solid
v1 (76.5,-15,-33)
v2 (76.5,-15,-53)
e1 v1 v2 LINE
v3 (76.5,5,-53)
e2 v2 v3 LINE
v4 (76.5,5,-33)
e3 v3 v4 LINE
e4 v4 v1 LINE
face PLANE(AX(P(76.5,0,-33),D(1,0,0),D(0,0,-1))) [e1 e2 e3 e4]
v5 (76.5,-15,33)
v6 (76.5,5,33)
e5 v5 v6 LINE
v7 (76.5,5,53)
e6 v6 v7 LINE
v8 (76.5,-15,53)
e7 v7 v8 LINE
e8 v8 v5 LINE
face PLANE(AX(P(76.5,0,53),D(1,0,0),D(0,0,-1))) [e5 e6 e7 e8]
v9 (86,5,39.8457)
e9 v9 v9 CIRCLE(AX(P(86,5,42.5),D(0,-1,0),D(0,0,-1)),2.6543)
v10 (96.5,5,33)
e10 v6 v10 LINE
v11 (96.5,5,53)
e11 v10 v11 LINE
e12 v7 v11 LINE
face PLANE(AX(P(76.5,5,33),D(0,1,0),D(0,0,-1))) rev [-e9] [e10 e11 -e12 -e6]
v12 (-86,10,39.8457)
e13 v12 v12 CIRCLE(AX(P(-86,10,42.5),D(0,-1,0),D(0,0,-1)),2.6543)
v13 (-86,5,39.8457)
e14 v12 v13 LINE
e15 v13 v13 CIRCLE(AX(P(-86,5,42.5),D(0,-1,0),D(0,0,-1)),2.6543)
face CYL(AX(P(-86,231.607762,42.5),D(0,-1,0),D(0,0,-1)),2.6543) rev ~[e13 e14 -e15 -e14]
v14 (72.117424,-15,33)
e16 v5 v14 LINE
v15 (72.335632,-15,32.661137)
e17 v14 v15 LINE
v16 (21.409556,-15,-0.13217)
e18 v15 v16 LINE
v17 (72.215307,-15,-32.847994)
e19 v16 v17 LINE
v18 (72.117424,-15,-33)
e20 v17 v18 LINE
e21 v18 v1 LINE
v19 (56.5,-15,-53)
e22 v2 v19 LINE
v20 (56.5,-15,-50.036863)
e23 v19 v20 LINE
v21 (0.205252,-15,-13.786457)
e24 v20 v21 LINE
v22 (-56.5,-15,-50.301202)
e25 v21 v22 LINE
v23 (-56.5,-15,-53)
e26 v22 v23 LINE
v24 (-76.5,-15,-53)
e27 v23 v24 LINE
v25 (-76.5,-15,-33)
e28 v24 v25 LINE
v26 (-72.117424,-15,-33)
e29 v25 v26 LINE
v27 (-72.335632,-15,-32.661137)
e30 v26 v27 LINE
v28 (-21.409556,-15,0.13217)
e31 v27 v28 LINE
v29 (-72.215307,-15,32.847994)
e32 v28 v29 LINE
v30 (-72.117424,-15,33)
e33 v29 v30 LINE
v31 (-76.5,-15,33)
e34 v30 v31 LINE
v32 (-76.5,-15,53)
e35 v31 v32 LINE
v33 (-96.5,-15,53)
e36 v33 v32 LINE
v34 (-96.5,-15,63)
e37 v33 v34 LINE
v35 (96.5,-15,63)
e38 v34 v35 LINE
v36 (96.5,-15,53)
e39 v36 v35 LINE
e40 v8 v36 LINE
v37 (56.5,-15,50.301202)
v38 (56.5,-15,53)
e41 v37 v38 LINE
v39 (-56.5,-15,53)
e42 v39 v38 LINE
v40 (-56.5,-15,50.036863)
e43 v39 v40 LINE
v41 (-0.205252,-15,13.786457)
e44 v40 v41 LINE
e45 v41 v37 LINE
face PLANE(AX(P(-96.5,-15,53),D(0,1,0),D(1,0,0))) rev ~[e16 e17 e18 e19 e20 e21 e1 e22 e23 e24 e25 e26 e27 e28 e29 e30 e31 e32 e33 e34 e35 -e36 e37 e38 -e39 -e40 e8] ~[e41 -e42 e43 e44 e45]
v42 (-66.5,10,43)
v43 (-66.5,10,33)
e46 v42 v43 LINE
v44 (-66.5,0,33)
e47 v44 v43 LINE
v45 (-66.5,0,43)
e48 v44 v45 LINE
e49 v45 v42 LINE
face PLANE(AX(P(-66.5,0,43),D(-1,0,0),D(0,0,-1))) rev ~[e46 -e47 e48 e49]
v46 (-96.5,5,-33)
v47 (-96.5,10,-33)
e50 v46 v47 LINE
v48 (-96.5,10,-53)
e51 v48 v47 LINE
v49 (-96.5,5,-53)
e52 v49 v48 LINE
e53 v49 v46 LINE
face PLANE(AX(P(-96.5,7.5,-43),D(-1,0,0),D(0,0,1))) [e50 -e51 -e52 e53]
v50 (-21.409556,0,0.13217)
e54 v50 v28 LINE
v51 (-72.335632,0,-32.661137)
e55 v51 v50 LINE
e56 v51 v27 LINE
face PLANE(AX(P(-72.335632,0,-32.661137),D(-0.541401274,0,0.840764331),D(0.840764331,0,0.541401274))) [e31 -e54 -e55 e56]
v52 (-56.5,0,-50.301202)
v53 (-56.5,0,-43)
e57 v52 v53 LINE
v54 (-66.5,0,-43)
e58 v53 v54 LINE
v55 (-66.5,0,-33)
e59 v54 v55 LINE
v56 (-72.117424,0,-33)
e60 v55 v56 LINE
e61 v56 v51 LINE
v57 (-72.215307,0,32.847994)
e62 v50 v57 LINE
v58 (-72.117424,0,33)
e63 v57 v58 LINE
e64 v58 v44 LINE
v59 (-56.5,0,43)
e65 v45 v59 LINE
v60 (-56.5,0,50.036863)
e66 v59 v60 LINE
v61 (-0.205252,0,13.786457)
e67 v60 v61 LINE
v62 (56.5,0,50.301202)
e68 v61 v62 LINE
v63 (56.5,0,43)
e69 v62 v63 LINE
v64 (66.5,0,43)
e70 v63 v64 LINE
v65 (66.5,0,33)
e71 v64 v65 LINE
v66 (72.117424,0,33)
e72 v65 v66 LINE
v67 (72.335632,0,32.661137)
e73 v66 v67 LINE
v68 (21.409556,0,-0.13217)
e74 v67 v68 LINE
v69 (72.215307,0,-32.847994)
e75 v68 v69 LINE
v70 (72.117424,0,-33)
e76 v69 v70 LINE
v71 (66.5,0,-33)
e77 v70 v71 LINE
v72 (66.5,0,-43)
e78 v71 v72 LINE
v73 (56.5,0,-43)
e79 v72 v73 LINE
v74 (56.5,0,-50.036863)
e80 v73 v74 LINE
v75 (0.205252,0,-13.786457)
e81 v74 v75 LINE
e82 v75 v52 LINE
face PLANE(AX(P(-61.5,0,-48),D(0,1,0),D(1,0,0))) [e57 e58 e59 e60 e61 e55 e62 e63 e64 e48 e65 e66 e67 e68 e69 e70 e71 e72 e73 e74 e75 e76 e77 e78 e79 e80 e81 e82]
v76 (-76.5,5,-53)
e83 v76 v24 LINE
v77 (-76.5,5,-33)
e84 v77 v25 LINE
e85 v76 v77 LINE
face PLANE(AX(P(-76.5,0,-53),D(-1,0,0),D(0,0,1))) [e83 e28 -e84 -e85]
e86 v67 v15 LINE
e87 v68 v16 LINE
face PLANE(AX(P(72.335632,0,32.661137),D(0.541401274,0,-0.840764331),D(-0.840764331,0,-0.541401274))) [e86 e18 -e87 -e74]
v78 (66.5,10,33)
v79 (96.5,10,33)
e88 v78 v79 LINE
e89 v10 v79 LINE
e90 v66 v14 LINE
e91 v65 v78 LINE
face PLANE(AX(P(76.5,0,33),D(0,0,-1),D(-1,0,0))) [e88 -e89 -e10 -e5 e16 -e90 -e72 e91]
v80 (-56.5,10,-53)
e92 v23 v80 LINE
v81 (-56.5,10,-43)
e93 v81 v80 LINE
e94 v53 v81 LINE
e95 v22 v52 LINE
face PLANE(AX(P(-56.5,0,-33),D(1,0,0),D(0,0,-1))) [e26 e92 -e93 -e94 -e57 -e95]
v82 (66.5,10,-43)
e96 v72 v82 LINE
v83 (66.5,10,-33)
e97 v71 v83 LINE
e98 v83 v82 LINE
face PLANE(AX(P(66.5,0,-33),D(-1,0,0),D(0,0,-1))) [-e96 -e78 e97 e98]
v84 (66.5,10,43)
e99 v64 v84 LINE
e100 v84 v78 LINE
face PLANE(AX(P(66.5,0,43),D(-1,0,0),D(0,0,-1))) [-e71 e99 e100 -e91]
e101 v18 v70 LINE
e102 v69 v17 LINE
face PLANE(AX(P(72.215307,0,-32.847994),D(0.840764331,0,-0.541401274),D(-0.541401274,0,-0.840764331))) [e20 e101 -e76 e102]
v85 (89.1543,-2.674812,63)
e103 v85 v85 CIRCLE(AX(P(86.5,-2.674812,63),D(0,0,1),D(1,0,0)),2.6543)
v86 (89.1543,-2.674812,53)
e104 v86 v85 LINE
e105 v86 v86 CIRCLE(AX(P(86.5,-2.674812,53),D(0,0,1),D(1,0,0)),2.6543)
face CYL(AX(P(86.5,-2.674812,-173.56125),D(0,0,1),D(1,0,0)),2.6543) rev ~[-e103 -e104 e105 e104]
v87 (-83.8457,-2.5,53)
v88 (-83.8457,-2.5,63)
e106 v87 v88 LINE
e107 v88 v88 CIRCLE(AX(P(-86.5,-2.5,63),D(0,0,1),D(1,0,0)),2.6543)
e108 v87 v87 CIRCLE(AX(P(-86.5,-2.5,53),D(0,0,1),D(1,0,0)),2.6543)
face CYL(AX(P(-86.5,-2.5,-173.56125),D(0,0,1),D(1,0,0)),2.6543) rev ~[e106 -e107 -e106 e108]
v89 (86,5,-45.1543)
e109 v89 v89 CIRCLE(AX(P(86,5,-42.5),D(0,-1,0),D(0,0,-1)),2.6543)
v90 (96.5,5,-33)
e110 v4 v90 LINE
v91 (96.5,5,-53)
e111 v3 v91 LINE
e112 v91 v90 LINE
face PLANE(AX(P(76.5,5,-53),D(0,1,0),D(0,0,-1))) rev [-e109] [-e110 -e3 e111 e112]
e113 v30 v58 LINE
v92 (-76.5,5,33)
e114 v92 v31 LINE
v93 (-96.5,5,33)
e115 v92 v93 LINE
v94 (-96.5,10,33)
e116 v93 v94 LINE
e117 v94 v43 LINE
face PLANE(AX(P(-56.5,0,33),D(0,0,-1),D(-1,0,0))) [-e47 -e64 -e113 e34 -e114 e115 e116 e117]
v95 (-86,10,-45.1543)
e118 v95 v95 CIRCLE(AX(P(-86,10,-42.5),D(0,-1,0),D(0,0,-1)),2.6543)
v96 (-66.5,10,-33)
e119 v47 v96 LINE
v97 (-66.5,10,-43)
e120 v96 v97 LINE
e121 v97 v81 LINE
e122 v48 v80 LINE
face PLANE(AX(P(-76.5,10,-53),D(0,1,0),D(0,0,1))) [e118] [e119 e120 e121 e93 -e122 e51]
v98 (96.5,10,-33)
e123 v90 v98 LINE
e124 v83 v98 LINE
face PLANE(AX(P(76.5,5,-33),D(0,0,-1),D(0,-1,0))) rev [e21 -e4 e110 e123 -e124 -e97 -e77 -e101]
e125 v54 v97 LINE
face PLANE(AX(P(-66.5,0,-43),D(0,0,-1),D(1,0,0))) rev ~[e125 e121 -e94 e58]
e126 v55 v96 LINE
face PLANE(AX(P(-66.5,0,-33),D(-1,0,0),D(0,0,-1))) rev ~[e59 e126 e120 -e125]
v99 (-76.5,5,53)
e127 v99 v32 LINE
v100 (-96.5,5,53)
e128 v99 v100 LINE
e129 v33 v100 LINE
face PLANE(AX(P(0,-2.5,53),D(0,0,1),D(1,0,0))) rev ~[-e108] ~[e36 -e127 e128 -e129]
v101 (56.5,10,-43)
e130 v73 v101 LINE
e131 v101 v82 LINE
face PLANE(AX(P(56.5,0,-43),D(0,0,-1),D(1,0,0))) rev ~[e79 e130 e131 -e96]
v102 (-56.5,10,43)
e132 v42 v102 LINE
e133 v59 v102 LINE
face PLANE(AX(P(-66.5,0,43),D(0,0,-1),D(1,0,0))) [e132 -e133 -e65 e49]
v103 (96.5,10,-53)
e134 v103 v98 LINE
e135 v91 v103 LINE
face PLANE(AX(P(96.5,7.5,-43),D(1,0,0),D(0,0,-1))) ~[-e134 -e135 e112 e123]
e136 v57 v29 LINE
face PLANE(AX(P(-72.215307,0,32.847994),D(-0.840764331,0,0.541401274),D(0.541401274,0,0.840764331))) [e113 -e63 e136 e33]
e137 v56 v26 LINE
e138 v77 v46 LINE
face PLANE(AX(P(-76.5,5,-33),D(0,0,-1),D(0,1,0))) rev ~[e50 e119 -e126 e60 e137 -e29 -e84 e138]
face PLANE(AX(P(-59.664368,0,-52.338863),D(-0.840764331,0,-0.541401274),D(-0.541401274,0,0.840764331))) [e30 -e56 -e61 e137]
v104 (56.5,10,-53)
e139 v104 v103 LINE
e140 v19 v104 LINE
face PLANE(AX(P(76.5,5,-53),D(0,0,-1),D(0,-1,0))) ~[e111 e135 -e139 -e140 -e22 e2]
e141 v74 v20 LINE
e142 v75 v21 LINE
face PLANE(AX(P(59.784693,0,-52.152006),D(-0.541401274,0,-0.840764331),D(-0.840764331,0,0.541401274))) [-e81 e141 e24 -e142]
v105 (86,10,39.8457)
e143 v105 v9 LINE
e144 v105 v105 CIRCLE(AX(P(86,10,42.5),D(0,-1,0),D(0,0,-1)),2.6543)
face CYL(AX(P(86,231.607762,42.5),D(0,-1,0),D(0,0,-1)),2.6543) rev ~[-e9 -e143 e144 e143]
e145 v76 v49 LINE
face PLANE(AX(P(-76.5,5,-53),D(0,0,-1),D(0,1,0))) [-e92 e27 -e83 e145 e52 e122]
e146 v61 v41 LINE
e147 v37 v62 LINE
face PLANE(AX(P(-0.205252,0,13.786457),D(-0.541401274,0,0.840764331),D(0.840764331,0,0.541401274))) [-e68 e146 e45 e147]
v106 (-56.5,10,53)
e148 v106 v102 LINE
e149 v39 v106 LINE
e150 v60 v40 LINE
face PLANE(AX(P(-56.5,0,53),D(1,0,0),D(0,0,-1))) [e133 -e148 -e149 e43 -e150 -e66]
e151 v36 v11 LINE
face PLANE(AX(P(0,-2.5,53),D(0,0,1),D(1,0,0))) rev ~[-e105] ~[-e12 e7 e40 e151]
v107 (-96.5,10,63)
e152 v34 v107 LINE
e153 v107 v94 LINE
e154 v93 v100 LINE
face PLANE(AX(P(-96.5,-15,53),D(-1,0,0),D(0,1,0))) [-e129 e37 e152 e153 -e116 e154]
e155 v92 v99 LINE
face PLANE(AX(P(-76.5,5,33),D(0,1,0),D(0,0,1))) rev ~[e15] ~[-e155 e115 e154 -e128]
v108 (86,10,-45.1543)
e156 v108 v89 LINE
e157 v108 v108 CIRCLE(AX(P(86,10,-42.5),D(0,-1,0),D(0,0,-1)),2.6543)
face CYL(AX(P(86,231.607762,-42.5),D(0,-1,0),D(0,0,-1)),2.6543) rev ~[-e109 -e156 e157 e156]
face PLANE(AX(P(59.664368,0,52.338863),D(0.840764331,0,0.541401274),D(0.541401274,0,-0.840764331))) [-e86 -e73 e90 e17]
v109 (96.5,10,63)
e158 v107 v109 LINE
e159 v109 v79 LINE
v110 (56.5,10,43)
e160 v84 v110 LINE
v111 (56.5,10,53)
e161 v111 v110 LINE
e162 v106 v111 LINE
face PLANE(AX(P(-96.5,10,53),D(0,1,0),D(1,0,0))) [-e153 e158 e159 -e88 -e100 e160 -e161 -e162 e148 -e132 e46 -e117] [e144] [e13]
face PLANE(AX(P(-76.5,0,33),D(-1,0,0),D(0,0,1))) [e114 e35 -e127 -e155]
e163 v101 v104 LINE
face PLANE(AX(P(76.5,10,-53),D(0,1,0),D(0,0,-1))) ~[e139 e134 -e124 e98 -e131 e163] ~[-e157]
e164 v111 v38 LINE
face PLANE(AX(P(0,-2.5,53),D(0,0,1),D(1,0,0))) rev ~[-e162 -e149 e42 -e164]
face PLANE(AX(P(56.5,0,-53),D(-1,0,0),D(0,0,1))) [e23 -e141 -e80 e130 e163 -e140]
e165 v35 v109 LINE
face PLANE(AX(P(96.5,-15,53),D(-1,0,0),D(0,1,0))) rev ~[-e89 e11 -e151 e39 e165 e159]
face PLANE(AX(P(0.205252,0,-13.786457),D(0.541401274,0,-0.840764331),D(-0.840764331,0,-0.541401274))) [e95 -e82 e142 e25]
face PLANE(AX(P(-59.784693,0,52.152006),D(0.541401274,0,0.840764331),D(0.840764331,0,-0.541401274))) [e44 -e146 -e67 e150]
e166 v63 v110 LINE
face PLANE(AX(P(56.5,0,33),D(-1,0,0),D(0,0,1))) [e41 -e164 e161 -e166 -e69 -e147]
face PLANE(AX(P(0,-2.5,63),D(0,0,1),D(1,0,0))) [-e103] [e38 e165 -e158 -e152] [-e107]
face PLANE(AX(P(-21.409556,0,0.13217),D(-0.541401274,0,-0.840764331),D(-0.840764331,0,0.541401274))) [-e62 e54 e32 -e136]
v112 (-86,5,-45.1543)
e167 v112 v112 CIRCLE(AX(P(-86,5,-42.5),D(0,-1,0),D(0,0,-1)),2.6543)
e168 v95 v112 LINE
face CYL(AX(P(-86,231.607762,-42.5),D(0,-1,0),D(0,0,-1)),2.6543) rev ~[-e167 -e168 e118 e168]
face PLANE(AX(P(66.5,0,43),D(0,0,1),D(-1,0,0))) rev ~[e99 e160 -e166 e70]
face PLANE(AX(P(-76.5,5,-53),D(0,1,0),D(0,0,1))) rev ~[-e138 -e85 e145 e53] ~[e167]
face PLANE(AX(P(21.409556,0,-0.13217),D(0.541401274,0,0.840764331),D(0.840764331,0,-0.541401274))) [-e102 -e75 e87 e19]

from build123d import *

# Parameters (mm, degrees)
BOSS_EXTRUDE1_DEPTH        = 10
BOSS_EXTRUDE1_2_DEPTH      = 10
BOSS_EXTRUDE1_3_DEPTH      = 10
BOSS_EXTRUDE1_4_DEPTH      = 10
SKETCH1_3_W                = 20
SKETCH1_3_H                = 20
BOSS_EXTRUDE2_DEPTH        = 15
BOSS_EXTRUDE3_DEPTH        = 15
SKETCH3_W                  = 20
SKETCH3_H                  = 5
BOSS_EXTRUDE4_DEPTH        = 20
F_4_0_209_DIAMETER_HOLE1_D = 5.3086
SKETCH5_W                  = 193
SKETCH5_H                  = 25
BOSS_EXTRUDE5_DEPTH        = 10
F_4_0_209_DIAMETER_HOLE2_D = 5.3086


with BuildPart() as part:
    # Sketch1 → Boss-Extrude1 (new body)
    with BuildSketch(Plane(origin=(0, 0, 0), x_dir=(1, 0, 0), z_dir=(0, 1, 0))):
        Polygon((-56.5, 53), (-76.5, 53), (-76.5, 33), (-66.5, 33), (-66.5, 43), (-56.5, 43), align=None)
    extrude(amount=BOSS_EXTRUDE1_DEPTH)



with BuildPart() as body_2:
    # Sketch1 → Boss-Extrude1 2 (new body)
    with BuildSketch(Plane(origin=(0, 0, 0), x_dir=(1, 0, 0), z_dir=(0, 1, 0))):
        Polygon((-66.5, -43), (-66.5, -33), (-76.5, -33), (-76.5, -53), (-56.5, -53), (-56.5, -43), align=None)
    extrude(amount=BOSS_EXTRUDE1_2_DEPTH)


with BuildPart() as body_3:
    # Sketch1 → Boss-Extrude1 3 (new body)
    with BuildSketch(Plane(origin=(0, 0, 0), x_dir=(1, 0, 0), z_dir=(0, 1, 0))):
        Polygon((76.5, -53), (76.5, -33), (66.5, -33), (66.5, -43), (56.5, -43), (56.5, -53), align=None)
    extrude(amount=BOSS_EXTRUDE1_3_DEPTH)


with BuildPart() as body_4:
    # Sketch1 → Boss-Extrude1 4 (new body)
    with BuildSketch(Plane(origin=(0, 0, 0), x_dir=(1, 0, 0), z_dir=(0, 1, 0))):
        Polygon((76.5, 53), (56.5, 53), (56.5, 43), (66.5, 43), (66.5, 33), (76.5, 33), align=None)
    extrude(amount=BOSS_EXTRUDE1_4_DEPTH)


with BuildPart() as part_1:
    add(part.part)

    add(body_2.part)  # Boss-Extrude2 merges body 2

    add(body_3.part)  # Boss-Extrude2 merges body 3

    add(body_4.part)  # Boss-Extrude2 merges body 4
    # Sketch1<3> → Boss-Extrude2 (add)
    with BuildSketch(Plane(origin=(0, 0, 0), x_dir=(1, 0, 0), z_dir=(0, 1, 0))):
        with Locations((-66.5, 43)):
            Rectangle(SKETCH1_3_W, SKETCH1_3_H)
        with Locations((-66.5, -43)):
            Rectangle(SKETCH1_3_W, SKETCH1_3_H)
        with Locations((66.5, -43)):
            Rectangle(SKETCH1_3_W, SKETCH1_3_H)
        with Locations((66.5, 43)):
            Rectangle(SKETCH1_3_W, SKETCH1_3_H)
    extrude(amount=-BOSS_EXTRUDE2_DEPTH)

    # Sketch2 → Boss-Extrude3 (add)
    with BuildSketch(Plane(origin=(0, 0, 0), x_dir=(1, 0, 0), z_dir=(0, 1, 0))):
        Polygon((-59.664368284, 52.338863371), (-72.335631716, 32.661136629), (-21.409556012, -0.132169696), (-72.215306836, -32.84799409), (-59.784693164, -52.15200591), (-0.205251763, -13.786456523), (59.664368284, -52.338863371), (72.335631716, -32.661136629), (21.409556012, 0.132169696), (72.215306836, 32.84799409), (59.784693164, 52.15200591), (0.205251763, 13.786456523), align=None)
    extrude(amount=-BOSS_EXTRUDE3_DEPTH)

    # Sketch3 → Boss-Extrude4 (add)
    with BuildSketch(Plane.ZY.offset(76.5)):
        with Locations((-43, 7.5)):
            Rectangle(SKETCH3_W, SKETCH3_H)
        with Locations((43, 7.5)):
            Rectangle(SKETCH3_W, SKETCH3_H)
    boss_extrude4 = extrude(amount=BOSS_EXTRUDE4_DEPTH)

    # Mirror1: Boss-Extrude4 across plane
    add(boss_extrude4.mirror(Plane(origin=(0, 0, 0), x_dir=(0, 0, 1), z_dir=(1, 0, 0))))

    # #4 (0.209) Diameter Hole1 (through all)
    with Locations(Plane(origin=(-86, 10, -42.5), x_dir=(0, 0, 1), z_dir=(0, 1, 0))):
        with Locations((0, 0), (85, 0), (0, 172), (85, 172)):
            Hole(F_4_0_209_DIAMETER_HOLE1_D / 2)

    # Sketch5 → Boss-Extrude5 (add)
    with BuildSketch(Plane.XY.offset(53)):
        with Locations((0, -2.5)):
            Rectangle(SKETCH5_W, SKETCH5_H)
    extrude(amount=BOSS_EXTRUDE5_DEPTH)

    # #4 (0.209) Diameter Hole2 (through all)
    with Locations(Plane(origin=(0, 0, 53), x_dir=(-1, 0, 0), z_dir=(0, 0, -1))):
        with Locations((-86.5, -2.674811851), (86.5, -2.5)):
            Hole(F_4_0_209_DIAMETER_HOLE2_D / 2)


solid = part_1.part
